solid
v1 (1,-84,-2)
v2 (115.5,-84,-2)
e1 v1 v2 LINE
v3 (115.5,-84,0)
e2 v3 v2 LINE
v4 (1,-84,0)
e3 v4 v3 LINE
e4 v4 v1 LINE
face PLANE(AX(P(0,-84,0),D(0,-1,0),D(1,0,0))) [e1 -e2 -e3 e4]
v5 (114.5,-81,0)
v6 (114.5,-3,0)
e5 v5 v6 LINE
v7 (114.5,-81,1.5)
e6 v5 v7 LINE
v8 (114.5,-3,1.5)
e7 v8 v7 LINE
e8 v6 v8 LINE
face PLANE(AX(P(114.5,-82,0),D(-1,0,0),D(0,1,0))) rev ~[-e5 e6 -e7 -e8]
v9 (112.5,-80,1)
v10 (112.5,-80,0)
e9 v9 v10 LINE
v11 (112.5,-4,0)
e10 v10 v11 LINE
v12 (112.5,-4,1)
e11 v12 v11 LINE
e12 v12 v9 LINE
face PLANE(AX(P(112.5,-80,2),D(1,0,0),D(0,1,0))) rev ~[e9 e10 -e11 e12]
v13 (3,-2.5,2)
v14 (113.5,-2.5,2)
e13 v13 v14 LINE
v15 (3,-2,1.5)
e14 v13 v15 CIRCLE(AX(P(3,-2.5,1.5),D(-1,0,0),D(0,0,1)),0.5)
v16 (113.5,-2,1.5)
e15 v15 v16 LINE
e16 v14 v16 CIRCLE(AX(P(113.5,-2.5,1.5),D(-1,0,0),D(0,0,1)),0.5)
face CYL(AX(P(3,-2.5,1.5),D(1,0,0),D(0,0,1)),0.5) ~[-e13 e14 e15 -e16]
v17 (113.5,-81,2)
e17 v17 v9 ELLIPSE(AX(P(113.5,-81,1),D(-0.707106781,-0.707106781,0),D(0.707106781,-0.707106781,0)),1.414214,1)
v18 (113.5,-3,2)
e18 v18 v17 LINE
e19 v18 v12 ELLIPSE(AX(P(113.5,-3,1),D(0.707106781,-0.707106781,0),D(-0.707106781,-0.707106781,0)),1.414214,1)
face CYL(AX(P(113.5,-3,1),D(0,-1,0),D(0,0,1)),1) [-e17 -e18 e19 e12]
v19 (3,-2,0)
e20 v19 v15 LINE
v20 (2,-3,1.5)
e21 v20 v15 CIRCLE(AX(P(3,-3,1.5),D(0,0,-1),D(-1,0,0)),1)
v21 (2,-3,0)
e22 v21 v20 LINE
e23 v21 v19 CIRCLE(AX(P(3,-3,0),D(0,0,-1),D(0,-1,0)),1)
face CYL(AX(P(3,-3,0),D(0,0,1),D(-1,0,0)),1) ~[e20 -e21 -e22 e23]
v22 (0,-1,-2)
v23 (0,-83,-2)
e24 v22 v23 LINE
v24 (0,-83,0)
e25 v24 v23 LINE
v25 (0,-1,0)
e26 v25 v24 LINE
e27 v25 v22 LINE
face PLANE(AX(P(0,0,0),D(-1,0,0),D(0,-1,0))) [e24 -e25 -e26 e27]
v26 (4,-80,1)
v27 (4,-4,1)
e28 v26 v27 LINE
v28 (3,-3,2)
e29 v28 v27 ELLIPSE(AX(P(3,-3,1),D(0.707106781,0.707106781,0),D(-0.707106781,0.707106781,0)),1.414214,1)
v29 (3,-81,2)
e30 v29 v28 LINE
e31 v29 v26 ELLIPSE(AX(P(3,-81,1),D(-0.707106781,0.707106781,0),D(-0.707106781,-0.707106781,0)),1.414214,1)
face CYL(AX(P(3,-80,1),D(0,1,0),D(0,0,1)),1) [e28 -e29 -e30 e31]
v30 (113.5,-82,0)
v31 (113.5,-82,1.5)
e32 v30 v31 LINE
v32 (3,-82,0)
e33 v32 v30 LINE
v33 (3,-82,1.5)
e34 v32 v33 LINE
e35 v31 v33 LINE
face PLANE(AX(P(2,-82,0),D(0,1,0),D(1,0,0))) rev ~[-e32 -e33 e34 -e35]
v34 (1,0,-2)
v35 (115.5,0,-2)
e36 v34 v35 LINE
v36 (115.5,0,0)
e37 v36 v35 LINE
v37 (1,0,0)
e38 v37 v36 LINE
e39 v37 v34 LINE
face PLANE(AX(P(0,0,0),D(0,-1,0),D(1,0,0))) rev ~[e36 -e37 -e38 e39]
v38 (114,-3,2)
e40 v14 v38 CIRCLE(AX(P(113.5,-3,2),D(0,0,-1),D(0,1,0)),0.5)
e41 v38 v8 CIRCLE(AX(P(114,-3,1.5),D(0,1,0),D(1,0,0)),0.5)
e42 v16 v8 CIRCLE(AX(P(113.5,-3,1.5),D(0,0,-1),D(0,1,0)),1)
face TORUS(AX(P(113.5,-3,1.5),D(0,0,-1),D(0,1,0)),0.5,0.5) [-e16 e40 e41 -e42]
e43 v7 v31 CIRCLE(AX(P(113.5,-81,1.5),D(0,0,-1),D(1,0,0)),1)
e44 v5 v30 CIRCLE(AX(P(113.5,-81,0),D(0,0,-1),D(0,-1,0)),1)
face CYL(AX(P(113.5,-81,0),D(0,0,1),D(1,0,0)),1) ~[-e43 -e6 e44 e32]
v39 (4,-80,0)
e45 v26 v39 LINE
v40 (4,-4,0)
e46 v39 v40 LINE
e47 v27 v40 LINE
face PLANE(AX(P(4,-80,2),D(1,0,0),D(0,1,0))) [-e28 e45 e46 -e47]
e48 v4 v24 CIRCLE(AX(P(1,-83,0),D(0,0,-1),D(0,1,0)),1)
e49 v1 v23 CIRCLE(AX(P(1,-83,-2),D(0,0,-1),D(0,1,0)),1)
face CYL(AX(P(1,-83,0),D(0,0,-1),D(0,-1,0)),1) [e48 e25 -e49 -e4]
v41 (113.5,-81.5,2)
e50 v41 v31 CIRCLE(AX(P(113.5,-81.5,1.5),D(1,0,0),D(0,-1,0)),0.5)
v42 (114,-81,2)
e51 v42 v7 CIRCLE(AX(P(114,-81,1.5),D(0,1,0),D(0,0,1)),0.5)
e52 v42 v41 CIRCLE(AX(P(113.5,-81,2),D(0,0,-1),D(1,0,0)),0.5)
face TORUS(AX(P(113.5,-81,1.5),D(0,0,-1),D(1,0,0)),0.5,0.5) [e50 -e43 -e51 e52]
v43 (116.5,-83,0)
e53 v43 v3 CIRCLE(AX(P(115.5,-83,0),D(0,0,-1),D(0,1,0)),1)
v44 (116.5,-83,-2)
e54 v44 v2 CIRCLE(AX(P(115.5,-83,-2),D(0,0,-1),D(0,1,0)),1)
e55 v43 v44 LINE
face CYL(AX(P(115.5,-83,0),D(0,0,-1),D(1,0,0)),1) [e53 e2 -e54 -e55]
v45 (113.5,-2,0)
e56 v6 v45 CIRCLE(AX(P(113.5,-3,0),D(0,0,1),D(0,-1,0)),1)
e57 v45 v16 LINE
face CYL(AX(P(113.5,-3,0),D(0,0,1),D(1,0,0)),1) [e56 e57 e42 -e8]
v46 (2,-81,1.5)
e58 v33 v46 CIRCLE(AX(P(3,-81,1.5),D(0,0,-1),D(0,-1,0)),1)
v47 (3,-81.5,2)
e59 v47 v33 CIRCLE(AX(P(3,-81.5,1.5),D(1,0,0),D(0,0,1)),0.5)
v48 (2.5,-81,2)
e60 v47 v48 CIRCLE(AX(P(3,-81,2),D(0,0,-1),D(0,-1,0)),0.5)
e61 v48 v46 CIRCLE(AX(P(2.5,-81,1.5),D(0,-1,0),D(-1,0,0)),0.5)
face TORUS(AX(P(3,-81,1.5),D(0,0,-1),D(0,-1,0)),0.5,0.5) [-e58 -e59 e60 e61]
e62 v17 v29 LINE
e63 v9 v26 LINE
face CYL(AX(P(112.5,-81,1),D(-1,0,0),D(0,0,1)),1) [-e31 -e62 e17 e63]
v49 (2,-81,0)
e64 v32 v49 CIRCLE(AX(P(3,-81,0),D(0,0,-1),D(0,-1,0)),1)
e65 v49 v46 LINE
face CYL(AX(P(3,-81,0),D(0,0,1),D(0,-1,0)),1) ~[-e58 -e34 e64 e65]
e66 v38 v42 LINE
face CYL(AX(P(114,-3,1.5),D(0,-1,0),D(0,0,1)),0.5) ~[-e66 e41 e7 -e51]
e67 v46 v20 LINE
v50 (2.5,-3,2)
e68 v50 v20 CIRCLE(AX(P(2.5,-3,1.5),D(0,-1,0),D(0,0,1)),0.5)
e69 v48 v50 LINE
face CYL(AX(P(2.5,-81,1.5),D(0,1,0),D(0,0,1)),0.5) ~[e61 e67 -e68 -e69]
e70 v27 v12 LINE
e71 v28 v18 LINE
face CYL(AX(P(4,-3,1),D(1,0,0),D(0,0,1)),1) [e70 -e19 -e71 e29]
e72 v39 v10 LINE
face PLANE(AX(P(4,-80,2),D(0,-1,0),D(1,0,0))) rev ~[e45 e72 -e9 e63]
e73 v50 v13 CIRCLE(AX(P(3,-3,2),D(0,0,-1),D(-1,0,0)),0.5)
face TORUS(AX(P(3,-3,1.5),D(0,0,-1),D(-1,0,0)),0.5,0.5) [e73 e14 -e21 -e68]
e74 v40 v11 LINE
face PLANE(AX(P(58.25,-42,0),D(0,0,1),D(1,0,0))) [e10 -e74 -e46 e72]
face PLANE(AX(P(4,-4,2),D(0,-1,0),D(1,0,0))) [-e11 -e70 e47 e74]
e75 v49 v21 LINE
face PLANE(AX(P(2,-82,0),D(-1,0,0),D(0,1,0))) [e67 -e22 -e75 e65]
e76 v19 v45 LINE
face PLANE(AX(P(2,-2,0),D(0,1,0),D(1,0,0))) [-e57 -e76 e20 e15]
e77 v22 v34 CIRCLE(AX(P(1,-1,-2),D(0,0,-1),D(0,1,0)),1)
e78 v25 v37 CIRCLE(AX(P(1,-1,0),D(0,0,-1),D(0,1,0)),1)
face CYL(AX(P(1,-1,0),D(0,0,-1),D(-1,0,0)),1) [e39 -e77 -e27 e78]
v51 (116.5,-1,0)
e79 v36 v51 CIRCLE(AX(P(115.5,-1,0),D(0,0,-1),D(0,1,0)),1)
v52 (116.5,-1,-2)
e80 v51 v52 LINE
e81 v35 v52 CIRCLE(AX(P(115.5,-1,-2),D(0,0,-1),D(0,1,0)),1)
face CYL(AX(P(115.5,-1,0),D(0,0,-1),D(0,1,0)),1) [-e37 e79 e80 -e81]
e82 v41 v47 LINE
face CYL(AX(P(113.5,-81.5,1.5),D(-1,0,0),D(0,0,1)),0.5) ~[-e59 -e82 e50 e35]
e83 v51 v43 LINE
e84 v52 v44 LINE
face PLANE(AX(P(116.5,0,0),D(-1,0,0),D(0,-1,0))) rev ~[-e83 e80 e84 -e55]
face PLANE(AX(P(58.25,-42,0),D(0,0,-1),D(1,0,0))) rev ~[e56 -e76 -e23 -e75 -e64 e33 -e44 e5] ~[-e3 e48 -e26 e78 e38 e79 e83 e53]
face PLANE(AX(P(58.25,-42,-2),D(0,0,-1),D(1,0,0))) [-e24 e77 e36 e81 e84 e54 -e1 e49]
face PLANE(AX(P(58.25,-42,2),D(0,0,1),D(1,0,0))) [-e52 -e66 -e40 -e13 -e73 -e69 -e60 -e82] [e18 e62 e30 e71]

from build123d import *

# Parameters (mm, degrees)
SKETCH021_W     = 116.5
SKETCH021_H     = 84
PAD008_DEPTH    = 2
SKETCH022_W     = 112.5
SKETCH022_H     = 80
PAD009_DEPTH    = 2
SKETCH023_W     = 108.5
SKETCH023_H     = 76
POCKET013_DEPTH = 2
FILLET014_R     = 1
FILLET015_R     = 1
FILLET016_R     = 1
FILLET017_R     = 1
FILLET018_R     = 1
FILLET019_R     = 1
FILLET020_R     = 1
FILLET021_R     = 0.5
FILLET022_R     = 1
FILLET023_R     = 1


with BuildPart() as part:
    # Sketch021 → Pad008 (new body)
    with BuildSketch(Plane(origin=(0, 0, 0), x_dir=(1, 0, 0), z_dir=(0, 0, -1))):
        with Locations((58.25, 42)):
            Rectangle(SKETCH021_W, SKETCH021_H)
    extrude(amount=PAD008_DEPTH)

    # Sketch022 (on Face5 of Pad008) → Pad009 (new body)
    with BuildSketch(Plane.XY):
        with Locations((58.25, -42)):
            Rectangle(SKETCH022_W, SKETCH022_H)
    extrude(amount=PAD009_DEPTH)

    # Sketch023 (on Face11 of Pad009) → Pocket013 (cut)
    with BuildSketch(Plane.XY.offset(2)):
        with Locations((58.25, -42)):
            Rectangle(SKETCH023_W, SKETCH023_H)
    extrude(amount=-POCKET013_DEPTH, mode=Mode.SUBTRACT)

    # Fillet014
    fillet014_edges = [part.edges().sort_by_distance(p)[0] for p in [
        (114.5, -82, 1),
    ]]
    fillet(fillet014_edges, radius=FILLET014_R)

    # Fillet015
    fillet015_edges = [part.edges().sort_by_distance(p)[0] for p in [
        (114.5, -2, 1),
        (116.5, 0, -1),
    ]]
    fillet(fillet015_edges, radius=FILLET015_R)

    # Fillet016
    fillet016_edges = [part.edges().sort_by_distance(p)[0] for p in [
        (116.5, -84, -1),
    ]]
    fillet(fillet016_edges, radius=FILLET016_R)

    # Fillet017
    fillet017_edges = [part.edges().sort_by_distance(p)[0] for p in [
        (0, -84, -1),
        (2, -82, 1),
    ]]
    fillet(fillet017_edges, radius=FILLET017_R)

    # Fillet018
    fillet018_edges = [part.edges().sort_by_distance(p)[0] for p in [
        (0, 0, -1),
        (2, -2, 1),
    ]]
    fillet(fillet018_edges, radius=FILLET018_R)

    # Fillet019
    fillet019_edges = [part.edges().sort_by_distance(p)[0] for p in [
        (58.25, -4, 2),
    ]]
    fillet(fillet019_edges, radius=FILLET019_R)

    # Fillet020
    fillet020_edges = [part.edges().sort_by_distance(p)[0] for p in [
        (4, -42, 2),
    ]]
    fillet(fillet020_edges, radius=FILLET020_R)

    # Fillet021
    fillet021_edges = [part.edges().sort_by_distance(p)[0] for p in [
        (58.25, -2, 2),
    ]]
    fillet(fillet021_edges, radius=FILLET021_R)

    # Fillet022
    fillet022_edges = [part.edges().sort_by_distance(p)[0] for p in [
        (58.25, -80, 2),
    ]]
    fillet(fillet022_edges, radius=FILLET022_R)

    # Fillet023
    fillet023_edges = [part.edges().sort_by_distance(p)[0] for p in [
        (112.5, -42, 2),
    ]]
    fillet(fillet023_edges, radius=FILLET023_R)


solid = part.part
